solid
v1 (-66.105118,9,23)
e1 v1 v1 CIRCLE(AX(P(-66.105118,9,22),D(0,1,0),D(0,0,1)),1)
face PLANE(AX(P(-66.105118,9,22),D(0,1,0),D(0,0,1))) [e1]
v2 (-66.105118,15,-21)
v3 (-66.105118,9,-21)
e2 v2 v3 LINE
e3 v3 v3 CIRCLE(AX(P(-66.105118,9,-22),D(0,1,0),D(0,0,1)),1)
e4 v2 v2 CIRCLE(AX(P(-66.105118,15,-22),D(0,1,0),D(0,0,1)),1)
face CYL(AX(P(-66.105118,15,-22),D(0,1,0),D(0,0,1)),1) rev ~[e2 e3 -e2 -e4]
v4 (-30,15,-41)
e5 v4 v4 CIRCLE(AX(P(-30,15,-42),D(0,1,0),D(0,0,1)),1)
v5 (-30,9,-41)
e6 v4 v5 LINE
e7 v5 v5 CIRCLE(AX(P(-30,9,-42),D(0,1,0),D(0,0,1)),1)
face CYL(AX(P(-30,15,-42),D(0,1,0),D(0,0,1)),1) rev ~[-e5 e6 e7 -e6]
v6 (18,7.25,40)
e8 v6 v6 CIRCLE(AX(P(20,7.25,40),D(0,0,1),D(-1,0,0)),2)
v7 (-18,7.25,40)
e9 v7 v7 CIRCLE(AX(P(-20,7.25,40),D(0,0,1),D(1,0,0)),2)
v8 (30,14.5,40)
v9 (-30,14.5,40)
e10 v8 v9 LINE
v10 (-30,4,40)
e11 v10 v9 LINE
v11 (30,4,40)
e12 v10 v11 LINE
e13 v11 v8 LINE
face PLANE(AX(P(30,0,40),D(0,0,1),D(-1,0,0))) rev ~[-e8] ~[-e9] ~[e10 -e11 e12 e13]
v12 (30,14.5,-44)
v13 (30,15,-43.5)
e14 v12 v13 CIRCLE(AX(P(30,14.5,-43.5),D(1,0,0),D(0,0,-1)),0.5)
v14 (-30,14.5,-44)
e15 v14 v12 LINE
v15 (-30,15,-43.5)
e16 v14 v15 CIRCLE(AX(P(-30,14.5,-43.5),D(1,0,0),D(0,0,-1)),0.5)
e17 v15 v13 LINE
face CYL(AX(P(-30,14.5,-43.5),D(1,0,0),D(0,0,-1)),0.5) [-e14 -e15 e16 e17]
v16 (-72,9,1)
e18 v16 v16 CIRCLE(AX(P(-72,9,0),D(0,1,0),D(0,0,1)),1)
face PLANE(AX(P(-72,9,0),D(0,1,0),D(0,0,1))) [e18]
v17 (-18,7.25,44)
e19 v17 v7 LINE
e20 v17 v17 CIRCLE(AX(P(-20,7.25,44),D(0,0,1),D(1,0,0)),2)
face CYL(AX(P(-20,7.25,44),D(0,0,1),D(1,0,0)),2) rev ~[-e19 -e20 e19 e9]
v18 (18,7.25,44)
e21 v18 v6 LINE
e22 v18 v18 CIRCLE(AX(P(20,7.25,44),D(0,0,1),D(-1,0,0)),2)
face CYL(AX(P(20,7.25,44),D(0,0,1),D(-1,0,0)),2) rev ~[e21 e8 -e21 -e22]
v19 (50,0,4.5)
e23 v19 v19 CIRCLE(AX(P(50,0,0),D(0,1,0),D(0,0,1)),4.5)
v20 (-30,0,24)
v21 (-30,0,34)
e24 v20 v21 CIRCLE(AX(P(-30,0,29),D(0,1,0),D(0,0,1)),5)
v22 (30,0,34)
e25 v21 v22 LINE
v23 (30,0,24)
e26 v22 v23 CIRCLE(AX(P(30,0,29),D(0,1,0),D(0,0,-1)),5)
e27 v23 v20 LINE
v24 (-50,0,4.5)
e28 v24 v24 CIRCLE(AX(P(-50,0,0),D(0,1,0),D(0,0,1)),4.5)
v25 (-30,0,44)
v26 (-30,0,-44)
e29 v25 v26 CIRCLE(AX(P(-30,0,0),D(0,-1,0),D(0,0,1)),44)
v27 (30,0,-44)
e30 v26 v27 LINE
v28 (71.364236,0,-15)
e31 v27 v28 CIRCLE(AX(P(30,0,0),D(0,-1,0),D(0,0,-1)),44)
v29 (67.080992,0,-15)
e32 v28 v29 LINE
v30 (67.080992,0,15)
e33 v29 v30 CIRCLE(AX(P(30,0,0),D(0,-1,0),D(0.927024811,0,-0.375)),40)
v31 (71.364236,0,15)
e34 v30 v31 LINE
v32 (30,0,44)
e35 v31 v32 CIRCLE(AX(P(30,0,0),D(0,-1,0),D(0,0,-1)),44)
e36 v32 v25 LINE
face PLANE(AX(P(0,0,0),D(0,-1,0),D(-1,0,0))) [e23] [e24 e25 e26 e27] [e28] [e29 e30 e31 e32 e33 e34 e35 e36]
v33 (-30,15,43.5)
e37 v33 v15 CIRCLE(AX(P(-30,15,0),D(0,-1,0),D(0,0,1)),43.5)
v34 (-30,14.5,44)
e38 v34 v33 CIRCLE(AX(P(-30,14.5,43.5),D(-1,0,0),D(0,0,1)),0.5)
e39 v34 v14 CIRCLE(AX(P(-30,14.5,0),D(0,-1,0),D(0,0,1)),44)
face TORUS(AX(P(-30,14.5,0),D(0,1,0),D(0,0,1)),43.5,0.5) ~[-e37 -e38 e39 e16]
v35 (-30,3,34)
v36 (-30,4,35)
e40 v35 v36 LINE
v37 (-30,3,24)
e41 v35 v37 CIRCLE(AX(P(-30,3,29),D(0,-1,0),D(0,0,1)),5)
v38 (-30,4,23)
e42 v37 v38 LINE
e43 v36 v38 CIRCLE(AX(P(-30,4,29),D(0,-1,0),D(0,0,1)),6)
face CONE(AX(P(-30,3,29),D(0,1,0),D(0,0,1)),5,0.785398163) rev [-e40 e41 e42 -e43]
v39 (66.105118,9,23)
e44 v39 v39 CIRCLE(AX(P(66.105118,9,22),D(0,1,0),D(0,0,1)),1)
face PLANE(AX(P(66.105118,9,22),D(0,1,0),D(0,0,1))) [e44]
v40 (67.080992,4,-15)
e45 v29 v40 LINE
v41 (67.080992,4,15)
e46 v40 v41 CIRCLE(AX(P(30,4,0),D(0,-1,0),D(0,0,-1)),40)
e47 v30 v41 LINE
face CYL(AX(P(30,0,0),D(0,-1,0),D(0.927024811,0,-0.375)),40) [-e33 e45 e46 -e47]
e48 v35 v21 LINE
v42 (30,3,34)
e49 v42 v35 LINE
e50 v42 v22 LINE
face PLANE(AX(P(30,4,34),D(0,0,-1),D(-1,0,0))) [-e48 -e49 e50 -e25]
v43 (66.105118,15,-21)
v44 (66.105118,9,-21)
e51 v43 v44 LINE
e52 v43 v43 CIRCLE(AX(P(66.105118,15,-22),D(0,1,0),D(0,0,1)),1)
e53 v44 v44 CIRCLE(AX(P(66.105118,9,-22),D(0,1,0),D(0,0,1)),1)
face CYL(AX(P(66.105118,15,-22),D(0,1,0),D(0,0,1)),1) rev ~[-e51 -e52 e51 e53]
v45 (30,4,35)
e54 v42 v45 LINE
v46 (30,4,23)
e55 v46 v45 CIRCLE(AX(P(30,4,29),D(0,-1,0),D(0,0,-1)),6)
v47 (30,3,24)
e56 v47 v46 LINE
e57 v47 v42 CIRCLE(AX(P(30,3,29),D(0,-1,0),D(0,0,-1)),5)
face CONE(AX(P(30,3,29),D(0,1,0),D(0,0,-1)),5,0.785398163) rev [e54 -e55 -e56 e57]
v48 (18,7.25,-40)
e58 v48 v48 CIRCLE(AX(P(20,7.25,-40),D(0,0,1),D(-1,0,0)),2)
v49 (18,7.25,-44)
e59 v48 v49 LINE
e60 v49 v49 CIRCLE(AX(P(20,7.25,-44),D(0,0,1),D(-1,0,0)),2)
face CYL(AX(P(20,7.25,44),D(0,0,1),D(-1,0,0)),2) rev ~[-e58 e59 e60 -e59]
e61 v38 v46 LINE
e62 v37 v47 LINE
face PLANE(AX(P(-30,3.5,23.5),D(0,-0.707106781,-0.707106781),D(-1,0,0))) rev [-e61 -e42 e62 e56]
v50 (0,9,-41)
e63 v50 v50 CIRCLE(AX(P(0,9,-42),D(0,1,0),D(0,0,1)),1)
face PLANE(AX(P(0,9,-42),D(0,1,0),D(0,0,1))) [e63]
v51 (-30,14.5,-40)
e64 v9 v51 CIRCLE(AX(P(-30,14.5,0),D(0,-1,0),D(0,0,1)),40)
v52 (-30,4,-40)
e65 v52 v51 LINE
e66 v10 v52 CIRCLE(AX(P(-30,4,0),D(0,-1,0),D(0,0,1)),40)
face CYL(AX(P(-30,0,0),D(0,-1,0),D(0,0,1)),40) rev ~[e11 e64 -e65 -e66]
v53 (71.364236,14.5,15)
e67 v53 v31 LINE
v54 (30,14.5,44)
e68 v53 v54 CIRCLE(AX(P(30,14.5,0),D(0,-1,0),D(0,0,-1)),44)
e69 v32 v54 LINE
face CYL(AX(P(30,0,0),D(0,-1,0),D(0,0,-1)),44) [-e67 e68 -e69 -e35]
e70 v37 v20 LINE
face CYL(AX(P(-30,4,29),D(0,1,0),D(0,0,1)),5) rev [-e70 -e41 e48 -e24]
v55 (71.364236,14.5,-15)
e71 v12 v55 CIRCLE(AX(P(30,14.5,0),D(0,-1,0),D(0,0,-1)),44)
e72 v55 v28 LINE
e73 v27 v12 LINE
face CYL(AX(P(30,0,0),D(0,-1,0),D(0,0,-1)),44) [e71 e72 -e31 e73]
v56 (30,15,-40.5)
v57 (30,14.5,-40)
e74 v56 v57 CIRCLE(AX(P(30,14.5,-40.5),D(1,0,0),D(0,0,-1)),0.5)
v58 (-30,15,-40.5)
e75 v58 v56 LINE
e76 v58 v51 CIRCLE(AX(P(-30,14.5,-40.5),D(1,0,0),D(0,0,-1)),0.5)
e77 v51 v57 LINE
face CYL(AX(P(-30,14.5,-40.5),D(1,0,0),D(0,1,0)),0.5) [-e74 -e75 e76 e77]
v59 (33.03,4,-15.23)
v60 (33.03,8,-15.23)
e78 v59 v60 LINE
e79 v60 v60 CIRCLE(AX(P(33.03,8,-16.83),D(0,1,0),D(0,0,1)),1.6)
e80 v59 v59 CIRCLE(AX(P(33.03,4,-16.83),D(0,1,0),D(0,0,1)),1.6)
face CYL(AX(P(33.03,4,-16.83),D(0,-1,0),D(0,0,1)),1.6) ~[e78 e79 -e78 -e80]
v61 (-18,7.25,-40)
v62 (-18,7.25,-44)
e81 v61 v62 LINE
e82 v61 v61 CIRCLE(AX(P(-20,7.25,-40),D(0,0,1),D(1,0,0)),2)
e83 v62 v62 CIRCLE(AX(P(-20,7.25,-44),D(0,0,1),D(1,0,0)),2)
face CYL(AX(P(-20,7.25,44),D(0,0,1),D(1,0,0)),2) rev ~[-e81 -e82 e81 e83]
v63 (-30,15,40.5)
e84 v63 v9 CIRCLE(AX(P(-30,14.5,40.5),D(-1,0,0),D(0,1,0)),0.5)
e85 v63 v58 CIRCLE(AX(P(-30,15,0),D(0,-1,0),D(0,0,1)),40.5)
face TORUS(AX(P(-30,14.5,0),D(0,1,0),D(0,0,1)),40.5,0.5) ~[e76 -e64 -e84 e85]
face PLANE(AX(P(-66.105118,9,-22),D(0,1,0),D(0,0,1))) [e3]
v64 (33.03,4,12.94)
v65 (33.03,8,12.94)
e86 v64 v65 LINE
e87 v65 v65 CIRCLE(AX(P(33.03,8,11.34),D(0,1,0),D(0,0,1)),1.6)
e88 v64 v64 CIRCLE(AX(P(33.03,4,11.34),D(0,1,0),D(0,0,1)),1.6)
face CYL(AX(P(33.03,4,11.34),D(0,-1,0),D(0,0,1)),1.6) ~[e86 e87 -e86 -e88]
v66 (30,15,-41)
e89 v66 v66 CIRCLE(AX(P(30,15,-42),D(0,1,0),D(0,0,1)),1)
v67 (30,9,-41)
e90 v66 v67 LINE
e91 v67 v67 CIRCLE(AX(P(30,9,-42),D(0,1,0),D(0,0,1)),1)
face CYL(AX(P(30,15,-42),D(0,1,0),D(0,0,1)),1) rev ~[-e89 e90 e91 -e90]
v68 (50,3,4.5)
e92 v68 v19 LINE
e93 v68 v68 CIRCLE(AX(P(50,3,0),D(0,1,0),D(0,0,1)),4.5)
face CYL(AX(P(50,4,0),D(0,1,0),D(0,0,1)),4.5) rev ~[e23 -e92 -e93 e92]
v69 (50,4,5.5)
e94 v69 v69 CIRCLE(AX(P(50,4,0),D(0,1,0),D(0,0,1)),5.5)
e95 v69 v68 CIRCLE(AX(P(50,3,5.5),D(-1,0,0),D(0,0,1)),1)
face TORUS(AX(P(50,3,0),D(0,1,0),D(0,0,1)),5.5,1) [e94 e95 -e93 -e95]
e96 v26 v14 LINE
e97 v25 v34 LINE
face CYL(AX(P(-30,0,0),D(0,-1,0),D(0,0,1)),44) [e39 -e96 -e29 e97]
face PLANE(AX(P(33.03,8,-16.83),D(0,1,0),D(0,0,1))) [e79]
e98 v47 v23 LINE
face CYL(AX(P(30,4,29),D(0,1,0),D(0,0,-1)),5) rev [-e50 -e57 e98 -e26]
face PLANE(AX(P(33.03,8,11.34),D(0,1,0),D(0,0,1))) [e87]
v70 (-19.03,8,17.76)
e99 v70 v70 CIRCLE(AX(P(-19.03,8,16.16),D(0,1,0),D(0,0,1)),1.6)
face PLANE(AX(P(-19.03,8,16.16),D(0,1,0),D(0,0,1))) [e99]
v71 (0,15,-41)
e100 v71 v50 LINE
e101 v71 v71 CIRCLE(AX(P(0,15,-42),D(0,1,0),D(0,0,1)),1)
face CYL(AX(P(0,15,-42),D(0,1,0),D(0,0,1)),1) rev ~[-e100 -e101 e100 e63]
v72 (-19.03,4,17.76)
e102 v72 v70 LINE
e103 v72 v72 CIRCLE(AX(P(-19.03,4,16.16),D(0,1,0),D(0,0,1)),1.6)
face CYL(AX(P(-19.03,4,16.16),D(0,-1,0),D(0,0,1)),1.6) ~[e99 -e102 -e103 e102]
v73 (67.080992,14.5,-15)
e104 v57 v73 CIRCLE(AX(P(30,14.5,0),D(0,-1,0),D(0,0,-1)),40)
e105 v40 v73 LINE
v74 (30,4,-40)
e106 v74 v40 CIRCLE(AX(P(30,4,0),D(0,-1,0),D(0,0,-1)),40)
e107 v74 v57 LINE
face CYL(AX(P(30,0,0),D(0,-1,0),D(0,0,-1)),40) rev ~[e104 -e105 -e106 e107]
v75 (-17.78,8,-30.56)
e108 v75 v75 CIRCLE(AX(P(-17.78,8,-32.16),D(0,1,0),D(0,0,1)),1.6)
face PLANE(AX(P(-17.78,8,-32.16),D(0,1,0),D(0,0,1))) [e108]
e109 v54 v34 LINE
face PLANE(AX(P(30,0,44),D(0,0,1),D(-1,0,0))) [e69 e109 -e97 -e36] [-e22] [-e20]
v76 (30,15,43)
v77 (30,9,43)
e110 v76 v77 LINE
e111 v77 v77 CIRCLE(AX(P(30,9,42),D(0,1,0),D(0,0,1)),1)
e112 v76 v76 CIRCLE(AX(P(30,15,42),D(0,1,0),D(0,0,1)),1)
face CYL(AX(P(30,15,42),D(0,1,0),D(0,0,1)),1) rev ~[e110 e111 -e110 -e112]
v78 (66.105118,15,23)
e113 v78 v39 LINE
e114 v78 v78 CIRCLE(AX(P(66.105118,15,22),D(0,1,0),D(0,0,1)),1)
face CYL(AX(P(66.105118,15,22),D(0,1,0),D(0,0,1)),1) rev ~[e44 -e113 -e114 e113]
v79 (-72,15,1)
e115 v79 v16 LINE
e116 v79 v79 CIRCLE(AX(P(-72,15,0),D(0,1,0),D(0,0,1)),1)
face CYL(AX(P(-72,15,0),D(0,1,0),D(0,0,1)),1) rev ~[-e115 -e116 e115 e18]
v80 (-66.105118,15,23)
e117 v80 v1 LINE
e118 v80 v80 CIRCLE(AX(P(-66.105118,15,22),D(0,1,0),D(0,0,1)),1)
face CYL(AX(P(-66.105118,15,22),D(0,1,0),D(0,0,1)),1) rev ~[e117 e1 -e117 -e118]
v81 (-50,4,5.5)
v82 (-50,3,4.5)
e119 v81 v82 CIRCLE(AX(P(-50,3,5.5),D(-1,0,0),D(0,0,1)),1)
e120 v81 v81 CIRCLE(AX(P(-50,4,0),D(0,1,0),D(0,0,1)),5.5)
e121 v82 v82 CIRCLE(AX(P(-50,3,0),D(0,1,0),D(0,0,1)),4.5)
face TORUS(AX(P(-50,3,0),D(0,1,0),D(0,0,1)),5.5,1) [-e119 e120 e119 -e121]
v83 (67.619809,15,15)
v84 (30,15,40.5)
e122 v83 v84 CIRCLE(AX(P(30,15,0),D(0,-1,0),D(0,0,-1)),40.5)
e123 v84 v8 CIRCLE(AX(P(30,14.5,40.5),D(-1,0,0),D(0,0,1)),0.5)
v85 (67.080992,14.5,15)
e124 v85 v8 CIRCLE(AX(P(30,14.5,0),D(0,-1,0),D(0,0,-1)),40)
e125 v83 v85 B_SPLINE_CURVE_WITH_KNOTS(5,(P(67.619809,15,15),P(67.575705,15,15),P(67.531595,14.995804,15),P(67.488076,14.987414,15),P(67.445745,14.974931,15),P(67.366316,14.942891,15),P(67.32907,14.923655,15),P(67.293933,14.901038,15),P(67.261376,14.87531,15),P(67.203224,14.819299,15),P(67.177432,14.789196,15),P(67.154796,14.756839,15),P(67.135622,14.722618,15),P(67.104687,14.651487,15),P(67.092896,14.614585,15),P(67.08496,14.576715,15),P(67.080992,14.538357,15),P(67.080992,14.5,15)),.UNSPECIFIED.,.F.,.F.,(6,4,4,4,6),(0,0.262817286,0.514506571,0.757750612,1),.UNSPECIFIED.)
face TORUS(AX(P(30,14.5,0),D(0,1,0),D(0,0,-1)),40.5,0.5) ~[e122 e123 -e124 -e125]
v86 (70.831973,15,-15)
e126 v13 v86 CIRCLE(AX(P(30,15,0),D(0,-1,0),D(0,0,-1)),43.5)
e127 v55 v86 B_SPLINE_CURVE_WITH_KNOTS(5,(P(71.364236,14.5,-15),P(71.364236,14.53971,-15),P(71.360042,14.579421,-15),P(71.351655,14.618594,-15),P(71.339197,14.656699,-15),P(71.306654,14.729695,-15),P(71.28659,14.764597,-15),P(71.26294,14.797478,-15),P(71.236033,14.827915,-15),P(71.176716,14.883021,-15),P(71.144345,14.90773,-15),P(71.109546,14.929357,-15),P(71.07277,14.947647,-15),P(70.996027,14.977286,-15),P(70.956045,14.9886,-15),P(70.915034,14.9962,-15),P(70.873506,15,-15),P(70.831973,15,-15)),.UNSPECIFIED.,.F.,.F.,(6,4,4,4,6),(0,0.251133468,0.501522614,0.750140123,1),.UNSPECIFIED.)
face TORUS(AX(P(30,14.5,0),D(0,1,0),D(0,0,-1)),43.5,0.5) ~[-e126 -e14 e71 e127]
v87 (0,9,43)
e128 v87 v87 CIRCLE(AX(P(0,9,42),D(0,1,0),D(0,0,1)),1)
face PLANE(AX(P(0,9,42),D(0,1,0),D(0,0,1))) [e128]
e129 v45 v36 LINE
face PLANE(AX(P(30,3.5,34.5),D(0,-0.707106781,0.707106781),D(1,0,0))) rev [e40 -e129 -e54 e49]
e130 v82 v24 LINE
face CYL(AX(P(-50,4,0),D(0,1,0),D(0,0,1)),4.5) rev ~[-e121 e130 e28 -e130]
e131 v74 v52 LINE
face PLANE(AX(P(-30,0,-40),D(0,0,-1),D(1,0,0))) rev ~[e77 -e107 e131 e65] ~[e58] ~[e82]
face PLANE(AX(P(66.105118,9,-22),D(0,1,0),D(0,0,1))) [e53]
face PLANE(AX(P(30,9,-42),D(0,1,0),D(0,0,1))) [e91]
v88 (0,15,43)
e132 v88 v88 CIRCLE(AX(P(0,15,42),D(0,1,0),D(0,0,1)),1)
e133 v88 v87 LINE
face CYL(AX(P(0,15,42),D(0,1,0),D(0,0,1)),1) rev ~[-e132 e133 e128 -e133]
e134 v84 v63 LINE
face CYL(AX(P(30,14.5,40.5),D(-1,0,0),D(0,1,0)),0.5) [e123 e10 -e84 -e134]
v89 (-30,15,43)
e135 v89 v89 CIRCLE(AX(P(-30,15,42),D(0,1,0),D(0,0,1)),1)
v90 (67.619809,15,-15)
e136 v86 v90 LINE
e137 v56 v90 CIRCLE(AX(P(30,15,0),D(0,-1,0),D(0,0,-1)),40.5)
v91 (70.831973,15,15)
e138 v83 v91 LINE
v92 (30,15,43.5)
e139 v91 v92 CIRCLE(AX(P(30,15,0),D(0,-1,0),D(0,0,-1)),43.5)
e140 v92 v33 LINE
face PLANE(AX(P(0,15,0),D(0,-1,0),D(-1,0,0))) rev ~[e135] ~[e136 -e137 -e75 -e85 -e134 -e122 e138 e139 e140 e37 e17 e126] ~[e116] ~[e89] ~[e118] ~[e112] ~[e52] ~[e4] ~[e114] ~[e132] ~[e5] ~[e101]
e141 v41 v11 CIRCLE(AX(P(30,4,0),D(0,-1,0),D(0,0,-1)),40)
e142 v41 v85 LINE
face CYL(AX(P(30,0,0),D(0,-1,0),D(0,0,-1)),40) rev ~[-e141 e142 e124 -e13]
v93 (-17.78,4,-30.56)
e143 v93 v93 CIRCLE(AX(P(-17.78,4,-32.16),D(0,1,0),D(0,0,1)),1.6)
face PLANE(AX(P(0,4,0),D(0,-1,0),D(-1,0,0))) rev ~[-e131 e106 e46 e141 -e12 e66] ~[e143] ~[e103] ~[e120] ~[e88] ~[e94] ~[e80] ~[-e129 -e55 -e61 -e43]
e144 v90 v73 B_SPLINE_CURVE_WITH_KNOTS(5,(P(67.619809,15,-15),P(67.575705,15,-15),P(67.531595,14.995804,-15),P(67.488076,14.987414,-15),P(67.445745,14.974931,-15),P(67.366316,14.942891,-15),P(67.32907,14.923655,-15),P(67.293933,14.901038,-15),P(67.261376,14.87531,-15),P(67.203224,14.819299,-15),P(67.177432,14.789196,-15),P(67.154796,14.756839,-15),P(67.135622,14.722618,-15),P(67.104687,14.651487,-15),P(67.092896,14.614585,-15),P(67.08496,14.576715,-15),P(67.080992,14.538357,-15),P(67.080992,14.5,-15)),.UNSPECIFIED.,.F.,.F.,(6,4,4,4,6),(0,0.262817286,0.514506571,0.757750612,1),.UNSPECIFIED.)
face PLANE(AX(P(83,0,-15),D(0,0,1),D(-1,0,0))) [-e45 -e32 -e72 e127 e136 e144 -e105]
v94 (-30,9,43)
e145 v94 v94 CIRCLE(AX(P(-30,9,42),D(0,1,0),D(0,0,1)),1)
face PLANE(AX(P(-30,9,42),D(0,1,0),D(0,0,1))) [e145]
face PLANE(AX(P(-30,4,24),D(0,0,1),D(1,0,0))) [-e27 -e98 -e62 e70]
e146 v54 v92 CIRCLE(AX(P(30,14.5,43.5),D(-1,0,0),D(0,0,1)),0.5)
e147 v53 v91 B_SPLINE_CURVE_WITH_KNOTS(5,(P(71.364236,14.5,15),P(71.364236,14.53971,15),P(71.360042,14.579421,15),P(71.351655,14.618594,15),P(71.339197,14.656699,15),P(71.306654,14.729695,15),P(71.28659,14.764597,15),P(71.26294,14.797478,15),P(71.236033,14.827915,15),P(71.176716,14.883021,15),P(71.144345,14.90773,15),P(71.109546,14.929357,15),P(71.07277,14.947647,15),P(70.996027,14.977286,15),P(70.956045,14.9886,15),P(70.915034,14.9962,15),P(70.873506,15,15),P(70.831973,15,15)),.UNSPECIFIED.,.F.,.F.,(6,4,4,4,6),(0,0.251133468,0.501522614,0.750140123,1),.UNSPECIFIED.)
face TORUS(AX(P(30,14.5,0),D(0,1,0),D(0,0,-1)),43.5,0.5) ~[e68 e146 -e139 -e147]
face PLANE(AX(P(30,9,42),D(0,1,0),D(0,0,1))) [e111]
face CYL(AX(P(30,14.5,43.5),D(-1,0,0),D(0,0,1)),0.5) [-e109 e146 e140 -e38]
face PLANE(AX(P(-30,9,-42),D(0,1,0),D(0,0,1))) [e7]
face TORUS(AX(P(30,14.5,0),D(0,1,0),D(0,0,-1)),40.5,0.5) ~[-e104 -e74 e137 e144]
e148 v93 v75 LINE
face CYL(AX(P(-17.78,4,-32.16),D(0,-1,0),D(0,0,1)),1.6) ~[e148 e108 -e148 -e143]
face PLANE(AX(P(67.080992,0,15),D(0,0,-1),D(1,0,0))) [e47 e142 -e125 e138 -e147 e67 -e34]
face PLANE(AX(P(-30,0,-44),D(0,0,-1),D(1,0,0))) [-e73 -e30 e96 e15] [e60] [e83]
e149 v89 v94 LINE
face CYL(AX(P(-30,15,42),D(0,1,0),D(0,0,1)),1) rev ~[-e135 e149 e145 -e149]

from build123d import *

# Parameters (mm, degrees)
BOSS_EXTRUDE1_DEPTH = 15
SHELL1_T            = -4
CUT_EXTRUDE1_DEPTH  = 15
SKETCH3_R           = 1
CUT_EXTRUDE2_DEPTH  = 6
FILLET1_R           = 0.5
SKETCH4_R           = 2
CUT_EXTRUDE3_DEPTH  = 116.95257659
CHAMFER1_SIZE       = 1
CUT_EXTRUDE7_DEPTH  = 88.389930872
SKETCH9_R           = 1.6
BOSS_EXTRUDE3_DEPTH = 4
SKETCH10_R          = 4.5
CUT_EXTRUDE8_DEPTH  = 10
FILLET2_R           = 1


with BuildPart() as part:
    # Sketch1 → Boss-Extrude1 (new body)
    with BuildSketch(Plane(origin=(0, 0, 0), x_dir=(1, 0, 0), z_dir=(0, 1, 0))):
        with BuildLine():
            Line((-30, 44), (30, 44))
            ThreePointArc((30, 44), (74, 0), (30, -44))
            Line((30, -44), (-30, -44))
            ThreePointArc((-30, -44), (-74, 0), (-30, 44))
        make_face()
    extrude(amount=BOSS_EXTRUDE1_DEPTH)

    # Shell1
    shell1_openings = [part.faces().sort_by_distance(p)[0] for p in [
        (0, 15, 0),
    ]]
    offset(amount=SHELL1_T, openings=shell1_openings, kind=Kind.INTERSECTION)

    # Sketch2 → Cut-Extrude1 (cut)
    with BuildSketch(Plane(origin=(0, 4, 0), x_dir=(1, 0, 0), z_dir=(0, 1, 0))):
        with BuildLine():
            Line((-30, -24), (30, -24))
            ThreePointArc((30, -24), (35, -29), (30, -34))
            Line((30, -34), (-30, -34))
            ThreePointArc((-30, -34), (-35, -29), (-30, -24))
        make_face()
    extrude(amount=-CUT_EXTRUDE1_DEPTH, mode=Mode.SUBTRACT)

    # Sketch3 → Cut-Extrude2 (cut)
    with BuildSketch(Plane(origin=(0, 15, 0), x_dir=(1, 0, 0), z_dir=(0, 1, 0))):
        with Locations(Location((-30, -42, 0), (0, 0, 270))):
            Circle(SKETCH3_R)
        with Locations(Location((0, -42, 0), (0, 0, 270))):
            Circle(SKETCH3_R)
        with Locations(Location((30, -42, 0), (0, 0, 270))):
            Circle(SKETCH3_R)
        with Locations(Location((-30, 42, 0), (0, 0, 270))):
            Circle(SKETCH3_R)
        with Locations(Location((0, 42, 0), (0, 0, 270))):
            Circle(SKETCH3_R)
        with Locations(Location((30, 42, 0), (0, 0, 270))):
            Circle(SKETCH3_R)
        with Locations(Location((66.105117767, 22, 0), (0, 0, 270))):
            Circle(SKETCH3_R)
        with Locations(Location((72, 0, 0), (0, 0, 270))):
            Circle(SKETCH3_R)
        with Locations(Location((-66.105117767, 22, 0), (0, 0, 270))):
            Circle(SKETCH3_R)
        with Locations(Location((-72, 0, 0), (0, 0, 270))):
            Circle(SKETCH3_R)
        with Locations(Location((-66.105117767, -22, 0), (0, 0, 270))):
            Circle(SKETCH3_R)
        with Locations(Location((66.105117767, -22, 0), (0, 0, 270))):
            Circle(SKETCH3_R)
    extrude(amount=-CUT_EXTRUDE2_DEPTH, mode=Mode.SUBTRACT)

    # Fillet1
    fillet1_edges = [part.edges().sort_by_distance(p)[0] for p in [
        (-74, 15, 0),
        (70, 15, 0),
        (0, 15, -40),
        (-70, 15, 0),
        (0, 15, 44),
        (0, 15, 40),
        (74, 15, 0),
        (0, 15, -44),
    ]]
    fillet(fillet1_edges, radius=FILLET1_R)

    # Sketch4 → Cut-Extrude3 (cut, through all)
    with BuildSketch(Plane.XY.offset(44)):
        with Locations((-20, 7.25)):
            Circle(SKETCH4_R)
        with Locations(Location((20, 7.25, 0), (0, 0, 180))):
            Circle(SKETCH4_R)
    extrude(amount=-CUT_EXTRUDE3_DEPTH, mode=Mode.SUBTRACT)

    # Chamfer1
    chamfer1_edges = [part.edges().sort_by_distance(p)[0] for p in [
        (-35, 4, 29),
        (0, 4, 34),
        (35, 4, 29),
        (0, 4, 24),
    ]]
    chamfer(chamfer1_edges, length=CHAMFER1_SIZE)

    # Sketch6 → Cut-Extrude7 (cut, through all)
    with BuildSketch(Plane(origin=(0, 0, 0), x_dir=(1, 0, 0), z_dir=(0, 1, 0))):
        with BuildLine():
            Line((83, 15), (67.080992435, 15))
            ThreePointArc((67.080992435, 15), (70, 0), (67.080992435, -15))
            Line((67.080992435, -15), (83, -15))
            Line((83, -15), (83, 15))
        make_face()
    extrude(amount=CUT_EXTRUDE7_DEPTH, mode=Mode.SUBTRACT)

    # Sketch9 → Boss-Extrude3 (add)
    with BuildSketch(Plane(origin=(0, 4, 0), x_dir=(1, 0, 0), z_dir=(0, 1, 0))):
        with Locations(Location((33.03, 16.83, 0), (0, 0, 270))):
            Circle(SKETCH9_R)
        with Locations(Location((33.03, -11.34, 0), (0, 0, 270))):
            Circle(SKETCH9_R)
        with Locations(Location((-17.78, 32.16, 0), (0, 0, 270))):
            Circle(SKETCH9_R)
        with Locations(Location((-19.03, -16.16, 0), (0, 0, 270))):
            Circle(SKETCH9_R)
    extrude(amount=BOSS_EXTRUDE3_DEPTH)

    # Sketch10 → Cut-Extrude8 (cut)
    with BuildSketch(Plane(origin=(0, 4, 0), x_dir=(1, 0, 0), z_dir=(0, 1, 0))):
        with Locations(Location((50, 0, 0), (0, 0, 270))):
            Circle(SKETCH10_R)
        with Locations(Location((-50, 0, 0), (0, 0, 270))):
            Circle(SKETCH10_R)
    extrude(amount=-CUT_EXTRUDE8_DEPTH, mode=Mode.SUBTRACT)

    # Fillet2
    fillet2_edges = [part.edges().sort_by_distance(p)[0] for p in [
        (50, 4, -4.5),
        (-50, 4, -4.5),
    ]]
    fillet(fillet2_edges, radius=FILLET2_R)


solid = part.part
